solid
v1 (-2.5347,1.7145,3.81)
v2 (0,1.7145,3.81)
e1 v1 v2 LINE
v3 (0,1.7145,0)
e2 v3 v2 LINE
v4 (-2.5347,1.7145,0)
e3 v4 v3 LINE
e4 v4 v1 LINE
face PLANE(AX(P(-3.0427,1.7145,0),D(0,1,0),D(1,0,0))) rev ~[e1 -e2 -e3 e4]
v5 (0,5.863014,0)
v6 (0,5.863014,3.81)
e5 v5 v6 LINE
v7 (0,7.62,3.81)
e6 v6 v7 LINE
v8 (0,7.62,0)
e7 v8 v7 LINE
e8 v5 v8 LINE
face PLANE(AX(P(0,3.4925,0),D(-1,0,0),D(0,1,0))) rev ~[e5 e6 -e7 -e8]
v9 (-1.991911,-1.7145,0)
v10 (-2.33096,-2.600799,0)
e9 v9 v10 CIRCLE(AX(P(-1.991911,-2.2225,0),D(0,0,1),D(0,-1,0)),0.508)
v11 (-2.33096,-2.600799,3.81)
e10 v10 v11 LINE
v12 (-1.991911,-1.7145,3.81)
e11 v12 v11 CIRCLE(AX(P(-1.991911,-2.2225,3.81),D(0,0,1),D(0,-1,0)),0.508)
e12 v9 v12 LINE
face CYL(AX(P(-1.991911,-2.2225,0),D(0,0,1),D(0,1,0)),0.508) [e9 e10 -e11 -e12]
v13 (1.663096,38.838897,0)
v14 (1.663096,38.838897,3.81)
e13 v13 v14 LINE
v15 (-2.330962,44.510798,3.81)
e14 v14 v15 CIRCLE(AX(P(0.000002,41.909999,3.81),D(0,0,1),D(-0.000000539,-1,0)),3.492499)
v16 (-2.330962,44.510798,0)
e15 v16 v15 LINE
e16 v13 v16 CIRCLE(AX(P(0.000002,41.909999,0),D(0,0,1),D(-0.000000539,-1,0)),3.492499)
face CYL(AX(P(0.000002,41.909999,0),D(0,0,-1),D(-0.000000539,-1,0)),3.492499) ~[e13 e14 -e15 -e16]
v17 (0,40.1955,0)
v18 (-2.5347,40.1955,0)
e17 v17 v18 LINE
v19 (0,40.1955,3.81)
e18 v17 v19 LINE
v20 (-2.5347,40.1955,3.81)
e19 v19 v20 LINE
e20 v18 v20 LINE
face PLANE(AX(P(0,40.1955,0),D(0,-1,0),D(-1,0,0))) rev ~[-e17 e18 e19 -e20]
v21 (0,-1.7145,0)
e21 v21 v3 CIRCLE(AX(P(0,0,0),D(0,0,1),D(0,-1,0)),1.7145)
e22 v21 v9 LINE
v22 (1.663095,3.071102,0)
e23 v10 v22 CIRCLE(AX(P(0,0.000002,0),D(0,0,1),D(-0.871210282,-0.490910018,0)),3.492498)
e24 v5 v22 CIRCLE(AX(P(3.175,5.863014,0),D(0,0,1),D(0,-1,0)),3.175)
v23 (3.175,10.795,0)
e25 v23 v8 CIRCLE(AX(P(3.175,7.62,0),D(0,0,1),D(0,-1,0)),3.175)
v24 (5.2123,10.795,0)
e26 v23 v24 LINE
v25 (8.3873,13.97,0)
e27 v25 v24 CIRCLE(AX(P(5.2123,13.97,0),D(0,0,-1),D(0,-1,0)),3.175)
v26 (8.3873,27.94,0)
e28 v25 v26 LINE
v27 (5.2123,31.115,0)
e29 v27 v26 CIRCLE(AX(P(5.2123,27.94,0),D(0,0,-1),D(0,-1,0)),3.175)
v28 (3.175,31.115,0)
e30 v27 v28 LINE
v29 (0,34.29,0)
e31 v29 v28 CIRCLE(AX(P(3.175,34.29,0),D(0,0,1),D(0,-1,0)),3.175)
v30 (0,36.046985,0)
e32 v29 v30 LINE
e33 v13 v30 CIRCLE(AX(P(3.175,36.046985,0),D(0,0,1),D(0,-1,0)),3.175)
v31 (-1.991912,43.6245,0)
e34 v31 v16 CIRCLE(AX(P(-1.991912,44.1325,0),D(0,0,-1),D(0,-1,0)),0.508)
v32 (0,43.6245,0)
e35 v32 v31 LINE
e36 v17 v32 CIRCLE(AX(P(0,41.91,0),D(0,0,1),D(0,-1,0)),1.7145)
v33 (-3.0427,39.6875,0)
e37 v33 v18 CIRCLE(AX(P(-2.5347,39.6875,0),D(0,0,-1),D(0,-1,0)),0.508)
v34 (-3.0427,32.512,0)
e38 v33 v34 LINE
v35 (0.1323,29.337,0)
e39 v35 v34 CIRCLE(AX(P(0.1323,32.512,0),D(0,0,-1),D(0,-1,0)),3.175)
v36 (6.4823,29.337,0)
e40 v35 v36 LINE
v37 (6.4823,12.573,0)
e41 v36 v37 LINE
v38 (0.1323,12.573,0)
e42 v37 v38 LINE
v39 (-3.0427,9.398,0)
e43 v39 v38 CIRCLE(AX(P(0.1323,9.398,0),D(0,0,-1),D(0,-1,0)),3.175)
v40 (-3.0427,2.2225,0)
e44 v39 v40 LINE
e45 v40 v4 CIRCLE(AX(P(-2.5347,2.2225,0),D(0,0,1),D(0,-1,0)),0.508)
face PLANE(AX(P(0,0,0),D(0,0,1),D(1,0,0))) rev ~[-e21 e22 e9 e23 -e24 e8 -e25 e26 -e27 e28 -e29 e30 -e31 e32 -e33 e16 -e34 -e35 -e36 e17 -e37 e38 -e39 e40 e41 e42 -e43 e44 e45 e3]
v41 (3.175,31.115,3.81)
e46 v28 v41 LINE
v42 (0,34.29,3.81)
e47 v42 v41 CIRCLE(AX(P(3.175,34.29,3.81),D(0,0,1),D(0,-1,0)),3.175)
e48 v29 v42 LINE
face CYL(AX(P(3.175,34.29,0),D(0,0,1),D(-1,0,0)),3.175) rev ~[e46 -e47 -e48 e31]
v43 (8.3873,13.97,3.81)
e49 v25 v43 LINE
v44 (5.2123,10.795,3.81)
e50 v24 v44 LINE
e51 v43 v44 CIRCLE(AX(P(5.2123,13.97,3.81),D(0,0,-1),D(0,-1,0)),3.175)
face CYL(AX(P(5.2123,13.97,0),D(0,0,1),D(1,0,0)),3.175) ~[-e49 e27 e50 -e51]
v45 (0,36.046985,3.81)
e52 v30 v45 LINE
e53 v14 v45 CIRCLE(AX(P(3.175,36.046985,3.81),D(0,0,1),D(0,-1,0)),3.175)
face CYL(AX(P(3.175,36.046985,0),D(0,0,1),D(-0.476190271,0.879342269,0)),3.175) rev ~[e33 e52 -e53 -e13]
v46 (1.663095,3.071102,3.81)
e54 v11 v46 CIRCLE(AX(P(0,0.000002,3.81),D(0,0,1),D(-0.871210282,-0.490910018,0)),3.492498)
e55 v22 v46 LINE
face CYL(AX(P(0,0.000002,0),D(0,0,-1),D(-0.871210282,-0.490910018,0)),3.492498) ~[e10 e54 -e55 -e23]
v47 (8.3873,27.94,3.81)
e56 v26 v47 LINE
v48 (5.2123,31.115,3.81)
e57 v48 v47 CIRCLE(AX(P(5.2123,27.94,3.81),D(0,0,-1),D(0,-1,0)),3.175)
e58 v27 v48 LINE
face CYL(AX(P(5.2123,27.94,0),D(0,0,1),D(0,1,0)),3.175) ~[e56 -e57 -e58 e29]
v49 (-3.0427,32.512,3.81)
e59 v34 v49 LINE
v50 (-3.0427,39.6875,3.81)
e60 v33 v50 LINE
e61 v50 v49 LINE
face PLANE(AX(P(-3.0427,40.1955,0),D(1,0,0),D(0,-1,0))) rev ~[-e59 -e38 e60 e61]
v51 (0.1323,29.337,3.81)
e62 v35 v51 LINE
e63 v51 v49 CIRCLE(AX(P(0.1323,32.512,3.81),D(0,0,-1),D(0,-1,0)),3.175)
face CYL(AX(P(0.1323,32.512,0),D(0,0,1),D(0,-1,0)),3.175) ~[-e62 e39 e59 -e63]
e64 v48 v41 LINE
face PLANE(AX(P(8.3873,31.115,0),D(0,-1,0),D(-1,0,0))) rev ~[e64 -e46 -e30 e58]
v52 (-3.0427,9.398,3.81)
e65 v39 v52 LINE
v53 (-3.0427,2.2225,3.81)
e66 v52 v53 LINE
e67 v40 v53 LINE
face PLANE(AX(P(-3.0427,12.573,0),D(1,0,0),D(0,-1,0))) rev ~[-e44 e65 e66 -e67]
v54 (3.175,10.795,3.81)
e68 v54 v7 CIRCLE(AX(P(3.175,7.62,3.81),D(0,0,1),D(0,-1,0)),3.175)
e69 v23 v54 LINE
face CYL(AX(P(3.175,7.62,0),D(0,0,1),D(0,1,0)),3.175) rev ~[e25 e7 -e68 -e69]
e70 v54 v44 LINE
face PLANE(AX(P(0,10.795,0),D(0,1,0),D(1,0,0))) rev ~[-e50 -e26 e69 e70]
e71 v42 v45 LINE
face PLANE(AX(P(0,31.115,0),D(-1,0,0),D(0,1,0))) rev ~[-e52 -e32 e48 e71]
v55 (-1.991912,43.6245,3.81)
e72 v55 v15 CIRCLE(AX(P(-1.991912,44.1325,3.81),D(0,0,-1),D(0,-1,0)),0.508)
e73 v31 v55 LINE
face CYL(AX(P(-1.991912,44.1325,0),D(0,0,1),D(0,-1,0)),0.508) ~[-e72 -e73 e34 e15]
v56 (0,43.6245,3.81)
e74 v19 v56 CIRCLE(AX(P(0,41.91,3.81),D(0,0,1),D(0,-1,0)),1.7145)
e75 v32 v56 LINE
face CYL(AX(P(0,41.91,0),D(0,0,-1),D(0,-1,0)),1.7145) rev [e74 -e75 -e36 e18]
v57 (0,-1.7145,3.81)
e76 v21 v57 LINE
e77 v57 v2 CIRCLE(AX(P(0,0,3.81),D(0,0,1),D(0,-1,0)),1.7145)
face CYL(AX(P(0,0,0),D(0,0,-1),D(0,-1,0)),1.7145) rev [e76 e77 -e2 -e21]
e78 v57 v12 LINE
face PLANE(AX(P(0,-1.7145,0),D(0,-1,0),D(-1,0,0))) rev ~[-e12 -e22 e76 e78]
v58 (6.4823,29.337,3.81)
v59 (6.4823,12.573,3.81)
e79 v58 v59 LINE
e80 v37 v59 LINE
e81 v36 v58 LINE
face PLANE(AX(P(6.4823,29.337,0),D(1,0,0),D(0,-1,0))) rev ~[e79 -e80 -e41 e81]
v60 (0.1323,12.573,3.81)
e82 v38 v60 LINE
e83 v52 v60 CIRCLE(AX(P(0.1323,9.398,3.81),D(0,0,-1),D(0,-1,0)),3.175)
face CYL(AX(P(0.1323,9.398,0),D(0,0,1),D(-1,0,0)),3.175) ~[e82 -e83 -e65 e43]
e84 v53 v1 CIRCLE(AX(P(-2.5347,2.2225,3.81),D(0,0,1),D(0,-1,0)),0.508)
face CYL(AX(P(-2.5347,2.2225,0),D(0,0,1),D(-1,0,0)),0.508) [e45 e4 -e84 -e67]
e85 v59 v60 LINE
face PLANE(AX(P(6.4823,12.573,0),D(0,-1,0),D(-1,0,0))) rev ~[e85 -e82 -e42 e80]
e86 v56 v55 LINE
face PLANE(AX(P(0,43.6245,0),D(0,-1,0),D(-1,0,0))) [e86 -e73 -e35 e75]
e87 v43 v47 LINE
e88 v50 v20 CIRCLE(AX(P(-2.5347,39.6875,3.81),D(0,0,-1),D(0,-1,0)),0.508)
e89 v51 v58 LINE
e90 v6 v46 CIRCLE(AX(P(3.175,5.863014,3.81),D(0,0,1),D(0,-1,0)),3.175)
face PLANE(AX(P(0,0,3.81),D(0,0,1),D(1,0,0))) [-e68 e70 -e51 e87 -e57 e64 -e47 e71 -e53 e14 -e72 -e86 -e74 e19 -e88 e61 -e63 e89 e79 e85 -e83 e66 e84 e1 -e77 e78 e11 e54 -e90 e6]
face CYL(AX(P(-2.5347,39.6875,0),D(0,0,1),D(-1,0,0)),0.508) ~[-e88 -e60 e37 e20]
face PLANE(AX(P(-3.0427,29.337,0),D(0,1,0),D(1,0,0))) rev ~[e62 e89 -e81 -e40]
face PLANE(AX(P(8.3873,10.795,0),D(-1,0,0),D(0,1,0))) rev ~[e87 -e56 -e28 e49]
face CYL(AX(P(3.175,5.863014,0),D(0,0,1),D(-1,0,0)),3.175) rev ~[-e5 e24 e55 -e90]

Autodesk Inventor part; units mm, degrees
ref_plane "YZ Plane" through (0, 0, 0) normal (1, 0, 0) x (0, 1, 0)
ref_plane "XZ Plane" through (0, 0, 0) normal (0, 1, 0) x (-1, 0, 0)
ref_plane "XY Plane" through (0, 0, 0) normal (0, 0, 1) x (1, 0, 0)
sketch "Sketch1" plane through (0, 0, 0) normal (0, 0, 1) x (1, 0, 0)
  arc A0 (0, -1.7145) -> (0, 1.7145) centre (0, 0) ccw
  arc A1 (-3.0427, -1.7145) -> (0, 3.4925) centre (0, 0) ccw
  arc A2 (0, 40.1955) -> (0, 43.6245) centre (0, 41.91) ccw
  arc A3 (0, 38.4175) -> (-3.0427, 43.6245) centre (0, 41.91) ccw
  line L0 (0, 40.1955) -> (-3.0427, 40.1955)
  line L1 (-3.0427, 1.7145) -> (0, 1.7145)
  line L2 (-3.0427, 29.337) -> (6.4823, 29.337)
  line L3 (6.4823, 29.337) -> (6.4823, 12.573)
  line L4 (6.4823, 12.573) -> (-3.0427, 12.573)
  line L5 (0, 3.4925) -> (0, 10.795)
  line L6 (0, 10.795) -> (8.3873, 10.795)
  line L7 (8.3873, 10.795) -> (8.3873, 31.115)
  line L8 (8.3873, 31.115) -> (0, 31.115)
  line L9 (0, 31.115) -> (0, 38.4175)
  line L10 (0, 43.6245) -> (-3.0427, 43.6245)
  line L11 (0, -1.7145) -> (-3.0427, -1.7145)
  line L12 (-3.0427, 40.1955) -> (-3.0427, 29.337)
  line L13 (-3.0427, 12.573) -> (-3.0427, 1.7145)
  point P0 (8.3873, 20.955)
  point P1 (6.4823, 20.955)
  dimension "d0" = 3.429
  dimension "d1" = 6.985
  dimension "d2" = 41.91
  dimension "d5" = 20.955
  dimension "d6" = 16.764
  dimension "d7" = 9.525
  dimension "d8" = 20.32
  dimension "d9" = 11.43
extrude "Extrusion1" add sketch "Sketch1" along normal blind 3.81
fillet "Fillet1" radius 3.175 8 edges at (0, 31.115, 1.905) (8.3873, 31.115, 1.905) (8.3873, 10.795, 1.905) (0, 10.795, 1.905) (-3.0427, 12.573, 1.905) (-3.0427, 29.337, 1.905) (0, 3.4925, 1.905) (0, 38.4175, 1.905)
fillet "Fillet2" radius 0.508 4 edges at (-3.0427, -1.7145, 1.905) (-3.0427, 1.7145, 1.905) (-3.0427, 40.1955, 1.905) (-3.0427, 43.6245, 1.905)
equation "\"d5\" = 0.5 * d2"
properties part number "batteryConnectorHolder" material "ABS Plastic"
